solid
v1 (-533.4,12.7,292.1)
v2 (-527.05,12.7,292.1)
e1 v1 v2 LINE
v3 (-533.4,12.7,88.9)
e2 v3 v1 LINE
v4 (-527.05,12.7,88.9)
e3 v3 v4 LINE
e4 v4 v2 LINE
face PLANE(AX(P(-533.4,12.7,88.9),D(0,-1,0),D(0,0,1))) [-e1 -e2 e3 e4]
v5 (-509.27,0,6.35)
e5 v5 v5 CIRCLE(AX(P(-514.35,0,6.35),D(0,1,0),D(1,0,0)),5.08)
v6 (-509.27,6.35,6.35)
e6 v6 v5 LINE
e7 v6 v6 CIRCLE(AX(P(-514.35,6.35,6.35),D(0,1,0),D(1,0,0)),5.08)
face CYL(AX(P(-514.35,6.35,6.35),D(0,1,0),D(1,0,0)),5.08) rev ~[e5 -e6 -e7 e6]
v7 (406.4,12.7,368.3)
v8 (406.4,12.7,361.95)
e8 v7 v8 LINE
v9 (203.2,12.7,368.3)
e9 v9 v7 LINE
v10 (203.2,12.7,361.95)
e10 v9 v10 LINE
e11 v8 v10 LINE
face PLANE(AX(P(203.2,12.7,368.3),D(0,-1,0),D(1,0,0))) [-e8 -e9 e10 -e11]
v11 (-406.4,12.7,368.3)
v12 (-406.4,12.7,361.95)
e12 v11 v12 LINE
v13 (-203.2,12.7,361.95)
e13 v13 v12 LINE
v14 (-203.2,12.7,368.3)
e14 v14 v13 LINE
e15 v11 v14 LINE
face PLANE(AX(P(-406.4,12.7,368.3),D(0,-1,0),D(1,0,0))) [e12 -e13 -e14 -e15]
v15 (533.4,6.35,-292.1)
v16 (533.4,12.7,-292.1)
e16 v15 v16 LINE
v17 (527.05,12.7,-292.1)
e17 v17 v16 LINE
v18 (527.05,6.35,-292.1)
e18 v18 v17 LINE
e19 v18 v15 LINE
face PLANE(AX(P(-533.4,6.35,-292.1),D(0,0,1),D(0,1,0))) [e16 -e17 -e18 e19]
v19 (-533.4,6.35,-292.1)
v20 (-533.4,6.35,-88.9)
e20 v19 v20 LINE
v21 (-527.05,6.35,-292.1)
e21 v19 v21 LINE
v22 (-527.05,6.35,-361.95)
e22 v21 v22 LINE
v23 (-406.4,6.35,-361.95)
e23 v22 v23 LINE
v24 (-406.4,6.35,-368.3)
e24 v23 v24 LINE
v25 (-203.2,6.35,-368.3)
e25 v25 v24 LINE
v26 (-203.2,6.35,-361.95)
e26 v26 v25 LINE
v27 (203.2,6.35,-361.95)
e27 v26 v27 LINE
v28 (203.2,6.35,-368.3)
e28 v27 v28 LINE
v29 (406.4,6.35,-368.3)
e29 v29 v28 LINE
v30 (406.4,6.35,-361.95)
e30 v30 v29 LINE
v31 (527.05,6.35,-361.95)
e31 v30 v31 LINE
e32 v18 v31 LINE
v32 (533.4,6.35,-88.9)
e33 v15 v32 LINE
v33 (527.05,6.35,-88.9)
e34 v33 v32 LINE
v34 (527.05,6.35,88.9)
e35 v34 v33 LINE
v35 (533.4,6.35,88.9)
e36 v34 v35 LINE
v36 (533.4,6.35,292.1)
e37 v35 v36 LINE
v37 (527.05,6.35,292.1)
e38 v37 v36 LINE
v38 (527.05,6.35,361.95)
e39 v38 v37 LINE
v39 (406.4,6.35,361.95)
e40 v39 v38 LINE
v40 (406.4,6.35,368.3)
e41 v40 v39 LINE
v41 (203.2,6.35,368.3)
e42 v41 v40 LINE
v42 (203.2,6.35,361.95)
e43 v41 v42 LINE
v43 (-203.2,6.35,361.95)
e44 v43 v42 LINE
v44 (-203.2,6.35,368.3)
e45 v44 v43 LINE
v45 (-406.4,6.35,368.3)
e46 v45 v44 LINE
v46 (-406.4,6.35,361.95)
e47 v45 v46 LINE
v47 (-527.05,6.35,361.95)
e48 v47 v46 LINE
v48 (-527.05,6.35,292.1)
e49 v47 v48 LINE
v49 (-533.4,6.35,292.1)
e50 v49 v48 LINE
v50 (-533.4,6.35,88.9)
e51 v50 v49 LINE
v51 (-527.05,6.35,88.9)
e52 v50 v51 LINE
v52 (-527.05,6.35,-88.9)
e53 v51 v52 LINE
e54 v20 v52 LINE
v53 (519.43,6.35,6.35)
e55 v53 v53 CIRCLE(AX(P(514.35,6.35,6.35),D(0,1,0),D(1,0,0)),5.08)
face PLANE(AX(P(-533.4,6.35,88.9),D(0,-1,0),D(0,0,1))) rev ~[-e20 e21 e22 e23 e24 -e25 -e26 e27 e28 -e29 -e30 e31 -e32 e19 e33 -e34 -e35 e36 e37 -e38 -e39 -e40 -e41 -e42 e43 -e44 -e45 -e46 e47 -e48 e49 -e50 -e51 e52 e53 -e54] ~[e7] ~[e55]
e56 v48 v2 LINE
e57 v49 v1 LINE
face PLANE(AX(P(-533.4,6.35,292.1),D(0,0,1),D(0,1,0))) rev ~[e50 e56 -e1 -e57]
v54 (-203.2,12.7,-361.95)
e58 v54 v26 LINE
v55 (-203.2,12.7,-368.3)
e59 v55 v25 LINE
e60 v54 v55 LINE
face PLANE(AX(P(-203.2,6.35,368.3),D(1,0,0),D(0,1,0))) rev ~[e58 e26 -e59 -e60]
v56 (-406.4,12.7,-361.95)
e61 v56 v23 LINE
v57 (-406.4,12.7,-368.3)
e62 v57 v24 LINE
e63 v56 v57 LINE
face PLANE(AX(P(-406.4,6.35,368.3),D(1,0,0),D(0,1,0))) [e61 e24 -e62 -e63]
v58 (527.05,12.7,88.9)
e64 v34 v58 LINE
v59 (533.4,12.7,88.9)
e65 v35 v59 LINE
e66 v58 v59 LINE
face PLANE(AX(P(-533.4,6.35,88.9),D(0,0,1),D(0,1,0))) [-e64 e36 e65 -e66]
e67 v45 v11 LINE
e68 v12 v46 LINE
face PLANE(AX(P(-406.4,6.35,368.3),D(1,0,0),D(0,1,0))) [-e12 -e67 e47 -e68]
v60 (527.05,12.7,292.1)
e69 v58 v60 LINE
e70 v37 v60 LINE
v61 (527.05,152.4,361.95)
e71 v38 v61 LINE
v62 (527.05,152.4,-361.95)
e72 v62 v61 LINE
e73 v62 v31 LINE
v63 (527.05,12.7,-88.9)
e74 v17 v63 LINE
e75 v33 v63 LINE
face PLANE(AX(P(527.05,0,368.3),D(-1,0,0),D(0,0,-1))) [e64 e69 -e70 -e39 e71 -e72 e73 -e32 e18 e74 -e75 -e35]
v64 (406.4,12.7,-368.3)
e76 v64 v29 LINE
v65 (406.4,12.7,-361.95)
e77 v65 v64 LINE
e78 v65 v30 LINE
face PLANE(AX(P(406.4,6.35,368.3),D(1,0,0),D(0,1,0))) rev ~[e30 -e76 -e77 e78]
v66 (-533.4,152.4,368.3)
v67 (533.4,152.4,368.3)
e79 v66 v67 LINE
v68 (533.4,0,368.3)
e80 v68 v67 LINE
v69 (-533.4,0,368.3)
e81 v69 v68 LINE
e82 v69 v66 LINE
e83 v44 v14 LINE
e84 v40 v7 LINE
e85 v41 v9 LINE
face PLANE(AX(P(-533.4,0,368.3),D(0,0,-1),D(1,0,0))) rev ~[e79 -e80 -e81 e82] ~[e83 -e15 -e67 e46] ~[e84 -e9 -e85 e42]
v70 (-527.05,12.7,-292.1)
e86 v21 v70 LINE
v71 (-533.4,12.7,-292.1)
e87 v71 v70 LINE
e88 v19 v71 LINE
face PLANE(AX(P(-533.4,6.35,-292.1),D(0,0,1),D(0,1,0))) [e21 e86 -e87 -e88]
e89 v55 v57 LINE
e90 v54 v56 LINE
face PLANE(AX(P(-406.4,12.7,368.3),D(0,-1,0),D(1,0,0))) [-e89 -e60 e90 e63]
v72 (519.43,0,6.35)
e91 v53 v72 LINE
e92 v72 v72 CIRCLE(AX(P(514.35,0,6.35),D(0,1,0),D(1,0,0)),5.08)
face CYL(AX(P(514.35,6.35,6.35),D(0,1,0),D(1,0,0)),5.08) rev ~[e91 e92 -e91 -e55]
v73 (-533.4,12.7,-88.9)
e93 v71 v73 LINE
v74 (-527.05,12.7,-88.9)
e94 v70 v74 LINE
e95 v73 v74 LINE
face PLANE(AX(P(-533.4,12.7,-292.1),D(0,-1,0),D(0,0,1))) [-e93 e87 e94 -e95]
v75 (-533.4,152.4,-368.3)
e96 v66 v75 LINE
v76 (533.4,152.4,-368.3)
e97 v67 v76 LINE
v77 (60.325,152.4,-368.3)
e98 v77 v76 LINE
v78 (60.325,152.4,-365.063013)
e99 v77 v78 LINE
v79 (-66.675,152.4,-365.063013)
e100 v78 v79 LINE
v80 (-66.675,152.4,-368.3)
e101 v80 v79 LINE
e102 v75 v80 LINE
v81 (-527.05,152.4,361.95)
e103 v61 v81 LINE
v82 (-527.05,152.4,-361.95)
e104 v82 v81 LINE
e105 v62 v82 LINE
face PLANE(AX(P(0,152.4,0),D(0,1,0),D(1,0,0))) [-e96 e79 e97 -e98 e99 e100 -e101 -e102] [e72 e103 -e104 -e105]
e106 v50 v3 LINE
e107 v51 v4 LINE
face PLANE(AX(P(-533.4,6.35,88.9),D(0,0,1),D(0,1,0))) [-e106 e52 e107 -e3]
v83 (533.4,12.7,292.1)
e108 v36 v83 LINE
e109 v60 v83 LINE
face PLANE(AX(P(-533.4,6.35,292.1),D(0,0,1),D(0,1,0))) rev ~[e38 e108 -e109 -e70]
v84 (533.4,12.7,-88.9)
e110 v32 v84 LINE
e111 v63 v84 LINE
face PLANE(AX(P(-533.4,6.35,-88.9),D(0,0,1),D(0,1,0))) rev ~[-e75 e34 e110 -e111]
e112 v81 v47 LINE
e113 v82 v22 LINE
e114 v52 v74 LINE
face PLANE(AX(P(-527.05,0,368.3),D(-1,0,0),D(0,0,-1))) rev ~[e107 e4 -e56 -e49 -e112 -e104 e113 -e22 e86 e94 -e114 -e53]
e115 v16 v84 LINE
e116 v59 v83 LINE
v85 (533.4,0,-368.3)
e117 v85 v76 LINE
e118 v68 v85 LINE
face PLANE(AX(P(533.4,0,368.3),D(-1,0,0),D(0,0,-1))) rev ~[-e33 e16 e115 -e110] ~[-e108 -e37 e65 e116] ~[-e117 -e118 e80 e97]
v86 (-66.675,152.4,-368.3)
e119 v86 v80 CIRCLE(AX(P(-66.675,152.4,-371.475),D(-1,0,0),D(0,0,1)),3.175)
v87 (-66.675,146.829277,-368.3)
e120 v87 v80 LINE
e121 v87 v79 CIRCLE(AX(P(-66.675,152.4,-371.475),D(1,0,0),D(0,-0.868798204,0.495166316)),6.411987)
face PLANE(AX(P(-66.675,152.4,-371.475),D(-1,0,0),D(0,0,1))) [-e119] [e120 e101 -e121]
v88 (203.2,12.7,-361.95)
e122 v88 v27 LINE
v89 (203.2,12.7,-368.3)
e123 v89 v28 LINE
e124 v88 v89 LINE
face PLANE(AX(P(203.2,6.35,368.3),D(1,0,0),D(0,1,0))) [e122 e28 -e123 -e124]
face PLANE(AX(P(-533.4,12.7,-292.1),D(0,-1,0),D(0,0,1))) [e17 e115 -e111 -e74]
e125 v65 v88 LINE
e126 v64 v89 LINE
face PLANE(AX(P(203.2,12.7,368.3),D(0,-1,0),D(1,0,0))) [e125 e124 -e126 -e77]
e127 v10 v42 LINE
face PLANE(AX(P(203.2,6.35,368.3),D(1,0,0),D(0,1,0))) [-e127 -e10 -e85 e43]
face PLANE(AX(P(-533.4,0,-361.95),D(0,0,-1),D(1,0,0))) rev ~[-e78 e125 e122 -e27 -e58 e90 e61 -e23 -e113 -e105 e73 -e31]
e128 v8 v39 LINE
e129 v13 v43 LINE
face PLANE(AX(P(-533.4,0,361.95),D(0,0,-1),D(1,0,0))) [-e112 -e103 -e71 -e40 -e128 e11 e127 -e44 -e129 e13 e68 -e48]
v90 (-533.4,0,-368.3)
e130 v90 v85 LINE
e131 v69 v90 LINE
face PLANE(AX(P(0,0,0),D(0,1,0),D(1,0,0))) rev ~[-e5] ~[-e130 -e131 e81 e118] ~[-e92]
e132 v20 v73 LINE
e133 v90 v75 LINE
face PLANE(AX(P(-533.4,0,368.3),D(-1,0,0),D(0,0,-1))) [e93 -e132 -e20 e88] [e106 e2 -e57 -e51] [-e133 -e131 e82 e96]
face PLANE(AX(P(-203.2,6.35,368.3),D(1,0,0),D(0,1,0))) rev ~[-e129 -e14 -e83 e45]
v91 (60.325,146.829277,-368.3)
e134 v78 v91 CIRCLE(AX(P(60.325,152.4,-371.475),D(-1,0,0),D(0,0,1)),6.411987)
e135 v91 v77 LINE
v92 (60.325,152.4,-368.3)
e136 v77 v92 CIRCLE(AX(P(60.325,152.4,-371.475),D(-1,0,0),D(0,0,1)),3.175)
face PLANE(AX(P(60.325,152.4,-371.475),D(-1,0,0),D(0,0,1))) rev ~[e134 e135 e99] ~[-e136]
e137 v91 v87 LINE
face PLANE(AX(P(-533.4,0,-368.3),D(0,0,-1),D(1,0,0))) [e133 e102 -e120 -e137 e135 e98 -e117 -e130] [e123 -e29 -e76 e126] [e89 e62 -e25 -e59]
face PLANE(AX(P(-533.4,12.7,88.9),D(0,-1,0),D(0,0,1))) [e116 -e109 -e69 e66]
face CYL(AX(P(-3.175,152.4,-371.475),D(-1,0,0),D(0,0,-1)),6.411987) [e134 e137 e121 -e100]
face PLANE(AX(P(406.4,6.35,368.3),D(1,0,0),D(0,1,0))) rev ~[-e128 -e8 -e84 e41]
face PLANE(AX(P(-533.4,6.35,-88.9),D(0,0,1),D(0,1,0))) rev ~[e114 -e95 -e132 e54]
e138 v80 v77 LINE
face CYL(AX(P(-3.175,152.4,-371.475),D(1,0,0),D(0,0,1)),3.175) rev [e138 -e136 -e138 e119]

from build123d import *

# Parameters (mm, degrees)
SKETCH1_W           = 1066.8
SKETCH1_H           = 736.6
BOSS_EXTRUDE1_DEPTH = 152.4
SHELL1_T            = -6.35
SKETCH2_R           = 5.08
CUT_EXTRUDE1_DEPTH  = 7.35
SKETCH3_W           = 203.2
SKETCH3_H           = 6.35
CUT_EXTRUDE3_DEPTH  = 737.6
SKETCH4_W           = 203.2
SKETCH4_H           = 6.35
CUT_EXTRUDE4_DEPTH  = 1067.8
SKETCH6_R           = 3.175
BOSS_EXTRUDE3_DEPTH = 63.5


with BuildPart() as part:
    # Sketch1 → Boss-Extrude1 (new body)
    with BuildSketch(Plane(origin=(0, 0, 0), x_dir=(1, 0, 0), z_dir=(0, 1, 0))):
        Rectangle(SKETCH1_W, SKETCH1_H)
    extrude(amount=BOSS_EXTRUDE1_DEPTH)

    # Shell1
    shell1_openings = [part.faces().sort_by_distance(p)[0] for p in [
        (0, 152.4, 0),
    ]]
    offset(amount=SHELL1_T, openings=shell1_openings, kind=Kind.INTERSECTION)

    # Sketch2 → Cut-Extrude1 (cut, through all)
    with BuildSketch(Plane(origin=(0, 6.35, 0), x_dir=(1, 0, 0), z_dir=(0, 1, 0))):
        with Locations((-514.35, -6.35)):
            Circle(SKETCH2_R)
        with Locations((514.35, -6.35)):
            Circle(SKETCH2_R)
    extrude(amount=-CUT_EXTRUDE1_DEPTH, mode=Mode.SUBTRACT)

    # Sketch3 → Cut-Extrude3 (cut, through all)
    with BuildSketch(Plane.XY.offset(368.3)):
        with Locations((-304.8, 9.525)):
            Rectangle(SKETCH3_W, SKETCH3_H)
        with Locations((304.8, 9.525)):
            Rectangle(SKETCH3_W, SKETCH3_H)
    extrude(amount=-CUT_EXTRUDE3_DEPTH, mode=Mode.SUBTRACT)

    # Sketch4 → Cut-Extrude4 (cut, through all)
    with BuildSketch(Plane.ZY.offset(533.4)):
        with Locations((-190.5, 9.525)):
            Rectangle(SKETCH4_W, SKETCH4_H)
        with Locations((190.5, 9.525)):
            Rectangle(SKETCH4_W, SKETCH4_H)
    extrude(amount=-CUT_EXTRUDE4_DEPTH, mode=Mode.SUBTRACT)

    # Sketch6 → Boss-Extrude3 (add, symmetric)
    with BuildSketch(Plane.ZY.offset(3.175)):
        with BuildLine():
            ThreePointArc((-365.06301296, 152.4), (-371.475, 158.81198704), (-377.88698704, 152.4))
            ThreePointArc((-377.88698704, 152.4), (-371.475, 145.98801296), (-365.06301296, 152.4))
        make_face()
        with Locations((-371.475, 152.4)):
            Circle(SKETCH6_R, mode=Mode.SUBTRACT)
    extrude(amount=BOSS_EXTRUDE3_DEPTH, both=True)


solid = part.part
